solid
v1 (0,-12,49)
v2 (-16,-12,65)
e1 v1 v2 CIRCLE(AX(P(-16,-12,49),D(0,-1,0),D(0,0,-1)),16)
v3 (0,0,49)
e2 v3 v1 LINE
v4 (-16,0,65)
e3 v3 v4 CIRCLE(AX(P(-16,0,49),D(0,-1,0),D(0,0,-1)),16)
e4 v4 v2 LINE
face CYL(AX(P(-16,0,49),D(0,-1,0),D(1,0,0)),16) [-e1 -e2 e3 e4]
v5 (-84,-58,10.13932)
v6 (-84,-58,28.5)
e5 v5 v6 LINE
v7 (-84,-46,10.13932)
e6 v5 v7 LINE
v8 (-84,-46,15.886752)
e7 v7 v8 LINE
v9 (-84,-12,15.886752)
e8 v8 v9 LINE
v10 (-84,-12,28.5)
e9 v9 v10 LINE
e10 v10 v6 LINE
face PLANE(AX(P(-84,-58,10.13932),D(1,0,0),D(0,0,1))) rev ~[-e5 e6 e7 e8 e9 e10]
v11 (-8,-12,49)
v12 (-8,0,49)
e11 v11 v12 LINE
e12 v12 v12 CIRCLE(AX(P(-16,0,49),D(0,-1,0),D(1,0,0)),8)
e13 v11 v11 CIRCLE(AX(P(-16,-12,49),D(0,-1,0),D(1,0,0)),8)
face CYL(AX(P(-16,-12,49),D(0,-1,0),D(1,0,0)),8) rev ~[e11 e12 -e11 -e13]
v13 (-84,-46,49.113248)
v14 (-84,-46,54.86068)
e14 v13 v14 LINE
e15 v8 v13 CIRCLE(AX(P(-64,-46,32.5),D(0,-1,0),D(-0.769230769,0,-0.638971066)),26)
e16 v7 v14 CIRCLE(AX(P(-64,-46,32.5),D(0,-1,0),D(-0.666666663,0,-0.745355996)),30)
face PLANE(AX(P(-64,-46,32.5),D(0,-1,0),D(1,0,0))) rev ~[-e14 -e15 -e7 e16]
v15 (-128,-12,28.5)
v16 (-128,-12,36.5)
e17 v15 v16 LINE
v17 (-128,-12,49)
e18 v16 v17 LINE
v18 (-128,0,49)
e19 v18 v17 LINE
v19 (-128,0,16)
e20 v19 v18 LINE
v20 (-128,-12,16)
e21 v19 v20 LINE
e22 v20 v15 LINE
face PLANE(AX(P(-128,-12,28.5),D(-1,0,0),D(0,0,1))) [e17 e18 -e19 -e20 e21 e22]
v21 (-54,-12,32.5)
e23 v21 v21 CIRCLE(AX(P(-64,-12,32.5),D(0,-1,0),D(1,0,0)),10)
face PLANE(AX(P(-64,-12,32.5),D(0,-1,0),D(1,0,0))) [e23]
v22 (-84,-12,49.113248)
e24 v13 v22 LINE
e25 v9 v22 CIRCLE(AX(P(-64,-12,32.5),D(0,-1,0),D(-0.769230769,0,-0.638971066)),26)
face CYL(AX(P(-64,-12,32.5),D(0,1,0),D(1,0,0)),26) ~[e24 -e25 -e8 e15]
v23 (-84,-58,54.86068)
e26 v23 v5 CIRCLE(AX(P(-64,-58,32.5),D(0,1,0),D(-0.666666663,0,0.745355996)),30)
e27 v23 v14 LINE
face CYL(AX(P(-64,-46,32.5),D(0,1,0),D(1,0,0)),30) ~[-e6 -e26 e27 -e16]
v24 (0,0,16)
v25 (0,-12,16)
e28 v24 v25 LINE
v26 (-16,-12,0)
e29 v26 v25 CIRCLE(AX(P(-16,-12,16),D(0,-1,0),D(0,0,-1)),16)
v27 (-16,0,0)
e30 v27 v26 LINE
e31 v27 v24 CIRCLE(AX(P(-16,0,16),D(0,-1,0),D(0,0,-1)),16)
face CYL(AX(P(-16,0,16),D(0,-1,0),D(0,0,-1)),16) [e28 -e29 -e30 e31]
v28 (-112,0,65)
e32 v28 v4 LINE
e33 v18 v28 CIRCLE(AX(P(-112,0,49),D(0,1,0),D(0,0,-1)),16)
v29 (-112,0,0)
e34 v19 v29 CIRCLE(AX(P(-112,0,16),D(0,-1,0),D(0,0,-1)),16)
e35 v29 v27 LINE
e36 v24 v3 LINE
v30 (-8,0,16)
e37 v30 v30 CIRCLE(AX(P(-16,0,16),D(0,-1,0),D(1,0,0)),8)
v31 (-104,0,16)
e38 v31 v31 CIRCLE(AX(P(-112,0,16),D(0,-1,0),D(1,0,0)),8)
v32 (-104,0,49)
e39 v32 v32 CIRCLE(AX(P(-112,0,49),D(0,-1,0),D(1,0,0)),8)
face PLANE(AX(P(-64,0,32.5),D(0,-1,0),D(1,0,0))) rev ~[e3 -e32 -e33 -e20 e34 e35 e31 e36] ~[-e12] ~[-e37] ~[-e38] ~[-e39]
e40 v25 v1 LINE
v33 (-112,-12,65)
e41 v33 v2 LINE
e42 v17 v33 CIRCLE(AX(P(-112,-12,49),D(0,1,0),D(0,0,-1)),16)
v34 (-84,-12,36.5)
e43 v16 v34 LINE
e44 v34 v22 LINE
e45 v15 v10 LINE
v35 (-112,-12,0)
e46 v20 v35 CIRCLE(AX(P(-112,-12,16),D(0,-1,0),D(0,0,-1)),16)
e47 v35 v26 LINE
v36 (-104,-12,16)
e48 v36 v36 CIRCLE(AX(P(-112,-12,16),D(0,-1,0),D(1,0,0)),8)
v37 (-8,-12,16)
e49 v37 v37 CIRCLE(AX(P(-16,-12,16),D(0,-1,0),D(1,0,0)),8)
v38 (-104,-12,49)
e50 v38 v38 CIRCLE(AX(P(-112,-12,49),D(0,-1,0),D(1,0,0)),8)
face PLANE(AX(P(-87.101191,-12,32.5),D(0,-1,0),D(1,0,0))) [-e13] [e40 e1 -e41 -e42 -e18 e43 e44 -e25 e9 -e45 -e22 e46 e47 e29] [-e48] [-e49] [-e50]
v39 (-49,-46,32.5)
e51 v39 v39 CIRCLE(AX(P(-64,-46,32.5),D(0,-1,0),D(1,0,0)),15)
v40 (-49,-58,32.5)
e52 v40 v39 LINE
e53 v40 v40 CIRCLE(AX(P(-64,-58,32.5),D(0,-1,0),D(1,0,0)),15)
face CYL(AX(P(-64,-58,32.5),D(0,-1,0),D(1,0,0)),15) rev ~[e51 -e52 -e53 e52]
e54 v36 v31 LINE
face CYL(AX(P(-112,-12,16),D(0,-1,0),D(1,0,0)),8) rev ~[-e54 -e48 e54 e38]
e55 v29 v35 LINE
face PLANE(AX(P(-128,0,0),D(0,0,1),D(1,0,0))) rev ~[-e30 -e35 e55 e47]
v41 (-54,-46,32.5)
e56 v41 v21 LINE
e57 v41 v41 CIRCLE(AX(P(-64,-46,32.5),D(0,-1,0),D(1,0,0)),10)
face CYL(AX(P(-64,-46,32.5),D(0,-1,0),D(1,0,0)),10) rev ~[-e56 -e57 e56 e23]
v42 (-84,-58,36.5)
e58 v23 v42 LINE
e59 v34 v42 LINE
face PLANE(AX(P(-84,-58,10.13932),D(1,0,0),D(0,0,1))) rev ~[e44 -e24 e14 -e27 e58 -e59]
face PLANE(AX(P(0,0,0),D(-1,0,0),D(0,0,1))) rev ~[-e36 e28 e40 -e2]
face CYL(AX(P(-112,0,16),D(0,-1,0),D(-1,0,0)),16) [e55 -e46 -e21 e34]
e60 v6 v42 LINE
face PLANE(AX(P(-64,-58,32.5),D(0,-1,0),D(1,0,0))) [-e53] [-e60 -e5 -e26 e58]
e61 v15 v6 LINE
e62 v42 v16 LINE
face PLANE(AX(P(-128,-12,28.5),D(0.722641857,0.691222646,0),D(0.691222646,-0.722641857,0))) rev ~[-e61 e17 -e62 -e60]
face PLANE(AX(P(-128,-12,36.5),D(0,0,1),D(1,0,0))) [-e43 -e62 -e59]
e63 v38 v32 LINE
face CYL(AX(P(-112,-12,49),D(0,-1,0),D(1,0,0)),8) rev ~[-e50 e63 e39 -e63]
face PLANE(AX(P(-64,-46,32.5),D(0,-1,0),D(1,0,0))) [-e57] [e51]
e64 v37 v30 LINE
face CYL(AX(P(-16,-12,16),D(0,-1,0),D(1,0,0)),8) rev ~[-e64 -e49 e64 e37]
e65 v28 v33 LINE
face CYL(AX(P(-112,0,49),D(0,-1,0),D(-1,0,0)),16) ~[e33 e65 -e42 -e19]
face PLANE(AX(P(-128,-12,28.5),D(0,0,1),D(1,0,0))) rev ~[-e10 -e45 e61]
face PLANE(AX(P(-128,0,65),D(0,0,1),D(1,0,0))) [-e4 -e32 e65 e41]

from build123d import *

# Parameters (mm, degrees)
F0_W      = 128
F0_H      = 65
F1_DEPTH  = 12
F2_R      = 16
F3_R      = 26
F4_DEPTH  = 34
F5_R      = 30
F6_DEPTH  = 12
F7_R      = 15
F8_DEPTH  = 12
F9_R      = 10
F10_DEPTH = 34
F12_DEPTH = 46
F13_W     = 44
F13_H     = 8
F14_DEPTH = 46
F16_DEPTH = 25
F17_R     = 8
F18_DEPTH = 25


with BuildPart() as f1:
    # F0 (on Front) → F1 (new body)
    with BuildSketch(Plane.XZ):
        with Locations((-64, 32.5)):
            Rectangle(F0_W, F0_H)
    extrude(amount=F1_DEPTH)

    # F2
    f2_edges = [f1.edges().sort_by_distance(p)[0] for p in [
        (-128, -6, 65),
        (-128, -6, 0),
        (0, -6, 65),
        (0, -6, 0),
    ]]
    fillet(f2_edges, radius=F2_R)

    # F3 (on face) → F4 (join)
    with BuildSketch(Plane.XZ.offset(12)):
        with Locations((-64, 32.5)):
            Circle(F3_R)
    extrude(amount=F4_DEPTH)

    # F5 (on face) → F6 (join)
    with BuildSketch(Plane.XZ.offset(46)):
        with Locations((-64, 32.5)):
            Circle(F5_R)
    extrude(amount=F6_DEPTH)

    # F7 (on face) → F8 (cut)
    with BuildSketch(Plane.XZ.offset(58)):
        with Locations((-64, 32.5)):
            Circle(F7_R)
    extrude(amount=-F8_DEPTH, mode=Mode.SUBTRACT)

    # F9 (on face) → F10 (cut)
    with BuildSketch(Plane.XZ.offset(46)):
        with Locations((-64, 32.5)):
            Circle(F9_R)
    extrude(amount=-F10_DEPTH, mode=Mode.SUBTRACT)

    # F11 (on face) → F12 (cut)
    with BuildSketch(Plane.XZ.offset(58)):
        with BuildLine():
            Line((-84, 10.13932), (-84, 32.5))
            Line((-84, 32.5), (-84, 54.86068))
            ThreePointArc((-84, 54.86068), (-94, 32.5), (-84, 10.13932))
        make_face()
    extrude(amount=-F12_DEPTH, mode=Mode.SUBTRACT)

    # F13 (on face) → F14 (join)
    with BuildSketch(Plane.XZ.offset(12)):
        with Locations((-106, 32.5)):
            Rectangle(F13_W, F13_H)
    extrude(amount=F14_DEPTH)

    # F15 (on face) → F16 (cut)
    with BuildSketch(Plane(origin=(0, 0, 28.5), x_dir=(1, 0, 0), z_dir=(0, 0, -1))):
        Polygon((-128, 12), (-84, 58), (-128, 58), align=None)
    extrude(amount=-F16_DEPTH, mode=Mode.SUBTRACT)

    # F17 (on face) → F18 (cut)
    with BuildSketch(Plane.XZ.offset(12)):
        with Locations((-16, 49)):
            Circle(F17_R)
        with Locations((-16, 16)):
            Circle(F17_R)
        with Locations((-112, 49)):
            Circle(F17_R)
        with Locations((-112, 16)):
            Circle(F17_R)
    extrude(amount=-F18_DEPTH, mode=Mode.SUBTRACT)


solid = f1.part
